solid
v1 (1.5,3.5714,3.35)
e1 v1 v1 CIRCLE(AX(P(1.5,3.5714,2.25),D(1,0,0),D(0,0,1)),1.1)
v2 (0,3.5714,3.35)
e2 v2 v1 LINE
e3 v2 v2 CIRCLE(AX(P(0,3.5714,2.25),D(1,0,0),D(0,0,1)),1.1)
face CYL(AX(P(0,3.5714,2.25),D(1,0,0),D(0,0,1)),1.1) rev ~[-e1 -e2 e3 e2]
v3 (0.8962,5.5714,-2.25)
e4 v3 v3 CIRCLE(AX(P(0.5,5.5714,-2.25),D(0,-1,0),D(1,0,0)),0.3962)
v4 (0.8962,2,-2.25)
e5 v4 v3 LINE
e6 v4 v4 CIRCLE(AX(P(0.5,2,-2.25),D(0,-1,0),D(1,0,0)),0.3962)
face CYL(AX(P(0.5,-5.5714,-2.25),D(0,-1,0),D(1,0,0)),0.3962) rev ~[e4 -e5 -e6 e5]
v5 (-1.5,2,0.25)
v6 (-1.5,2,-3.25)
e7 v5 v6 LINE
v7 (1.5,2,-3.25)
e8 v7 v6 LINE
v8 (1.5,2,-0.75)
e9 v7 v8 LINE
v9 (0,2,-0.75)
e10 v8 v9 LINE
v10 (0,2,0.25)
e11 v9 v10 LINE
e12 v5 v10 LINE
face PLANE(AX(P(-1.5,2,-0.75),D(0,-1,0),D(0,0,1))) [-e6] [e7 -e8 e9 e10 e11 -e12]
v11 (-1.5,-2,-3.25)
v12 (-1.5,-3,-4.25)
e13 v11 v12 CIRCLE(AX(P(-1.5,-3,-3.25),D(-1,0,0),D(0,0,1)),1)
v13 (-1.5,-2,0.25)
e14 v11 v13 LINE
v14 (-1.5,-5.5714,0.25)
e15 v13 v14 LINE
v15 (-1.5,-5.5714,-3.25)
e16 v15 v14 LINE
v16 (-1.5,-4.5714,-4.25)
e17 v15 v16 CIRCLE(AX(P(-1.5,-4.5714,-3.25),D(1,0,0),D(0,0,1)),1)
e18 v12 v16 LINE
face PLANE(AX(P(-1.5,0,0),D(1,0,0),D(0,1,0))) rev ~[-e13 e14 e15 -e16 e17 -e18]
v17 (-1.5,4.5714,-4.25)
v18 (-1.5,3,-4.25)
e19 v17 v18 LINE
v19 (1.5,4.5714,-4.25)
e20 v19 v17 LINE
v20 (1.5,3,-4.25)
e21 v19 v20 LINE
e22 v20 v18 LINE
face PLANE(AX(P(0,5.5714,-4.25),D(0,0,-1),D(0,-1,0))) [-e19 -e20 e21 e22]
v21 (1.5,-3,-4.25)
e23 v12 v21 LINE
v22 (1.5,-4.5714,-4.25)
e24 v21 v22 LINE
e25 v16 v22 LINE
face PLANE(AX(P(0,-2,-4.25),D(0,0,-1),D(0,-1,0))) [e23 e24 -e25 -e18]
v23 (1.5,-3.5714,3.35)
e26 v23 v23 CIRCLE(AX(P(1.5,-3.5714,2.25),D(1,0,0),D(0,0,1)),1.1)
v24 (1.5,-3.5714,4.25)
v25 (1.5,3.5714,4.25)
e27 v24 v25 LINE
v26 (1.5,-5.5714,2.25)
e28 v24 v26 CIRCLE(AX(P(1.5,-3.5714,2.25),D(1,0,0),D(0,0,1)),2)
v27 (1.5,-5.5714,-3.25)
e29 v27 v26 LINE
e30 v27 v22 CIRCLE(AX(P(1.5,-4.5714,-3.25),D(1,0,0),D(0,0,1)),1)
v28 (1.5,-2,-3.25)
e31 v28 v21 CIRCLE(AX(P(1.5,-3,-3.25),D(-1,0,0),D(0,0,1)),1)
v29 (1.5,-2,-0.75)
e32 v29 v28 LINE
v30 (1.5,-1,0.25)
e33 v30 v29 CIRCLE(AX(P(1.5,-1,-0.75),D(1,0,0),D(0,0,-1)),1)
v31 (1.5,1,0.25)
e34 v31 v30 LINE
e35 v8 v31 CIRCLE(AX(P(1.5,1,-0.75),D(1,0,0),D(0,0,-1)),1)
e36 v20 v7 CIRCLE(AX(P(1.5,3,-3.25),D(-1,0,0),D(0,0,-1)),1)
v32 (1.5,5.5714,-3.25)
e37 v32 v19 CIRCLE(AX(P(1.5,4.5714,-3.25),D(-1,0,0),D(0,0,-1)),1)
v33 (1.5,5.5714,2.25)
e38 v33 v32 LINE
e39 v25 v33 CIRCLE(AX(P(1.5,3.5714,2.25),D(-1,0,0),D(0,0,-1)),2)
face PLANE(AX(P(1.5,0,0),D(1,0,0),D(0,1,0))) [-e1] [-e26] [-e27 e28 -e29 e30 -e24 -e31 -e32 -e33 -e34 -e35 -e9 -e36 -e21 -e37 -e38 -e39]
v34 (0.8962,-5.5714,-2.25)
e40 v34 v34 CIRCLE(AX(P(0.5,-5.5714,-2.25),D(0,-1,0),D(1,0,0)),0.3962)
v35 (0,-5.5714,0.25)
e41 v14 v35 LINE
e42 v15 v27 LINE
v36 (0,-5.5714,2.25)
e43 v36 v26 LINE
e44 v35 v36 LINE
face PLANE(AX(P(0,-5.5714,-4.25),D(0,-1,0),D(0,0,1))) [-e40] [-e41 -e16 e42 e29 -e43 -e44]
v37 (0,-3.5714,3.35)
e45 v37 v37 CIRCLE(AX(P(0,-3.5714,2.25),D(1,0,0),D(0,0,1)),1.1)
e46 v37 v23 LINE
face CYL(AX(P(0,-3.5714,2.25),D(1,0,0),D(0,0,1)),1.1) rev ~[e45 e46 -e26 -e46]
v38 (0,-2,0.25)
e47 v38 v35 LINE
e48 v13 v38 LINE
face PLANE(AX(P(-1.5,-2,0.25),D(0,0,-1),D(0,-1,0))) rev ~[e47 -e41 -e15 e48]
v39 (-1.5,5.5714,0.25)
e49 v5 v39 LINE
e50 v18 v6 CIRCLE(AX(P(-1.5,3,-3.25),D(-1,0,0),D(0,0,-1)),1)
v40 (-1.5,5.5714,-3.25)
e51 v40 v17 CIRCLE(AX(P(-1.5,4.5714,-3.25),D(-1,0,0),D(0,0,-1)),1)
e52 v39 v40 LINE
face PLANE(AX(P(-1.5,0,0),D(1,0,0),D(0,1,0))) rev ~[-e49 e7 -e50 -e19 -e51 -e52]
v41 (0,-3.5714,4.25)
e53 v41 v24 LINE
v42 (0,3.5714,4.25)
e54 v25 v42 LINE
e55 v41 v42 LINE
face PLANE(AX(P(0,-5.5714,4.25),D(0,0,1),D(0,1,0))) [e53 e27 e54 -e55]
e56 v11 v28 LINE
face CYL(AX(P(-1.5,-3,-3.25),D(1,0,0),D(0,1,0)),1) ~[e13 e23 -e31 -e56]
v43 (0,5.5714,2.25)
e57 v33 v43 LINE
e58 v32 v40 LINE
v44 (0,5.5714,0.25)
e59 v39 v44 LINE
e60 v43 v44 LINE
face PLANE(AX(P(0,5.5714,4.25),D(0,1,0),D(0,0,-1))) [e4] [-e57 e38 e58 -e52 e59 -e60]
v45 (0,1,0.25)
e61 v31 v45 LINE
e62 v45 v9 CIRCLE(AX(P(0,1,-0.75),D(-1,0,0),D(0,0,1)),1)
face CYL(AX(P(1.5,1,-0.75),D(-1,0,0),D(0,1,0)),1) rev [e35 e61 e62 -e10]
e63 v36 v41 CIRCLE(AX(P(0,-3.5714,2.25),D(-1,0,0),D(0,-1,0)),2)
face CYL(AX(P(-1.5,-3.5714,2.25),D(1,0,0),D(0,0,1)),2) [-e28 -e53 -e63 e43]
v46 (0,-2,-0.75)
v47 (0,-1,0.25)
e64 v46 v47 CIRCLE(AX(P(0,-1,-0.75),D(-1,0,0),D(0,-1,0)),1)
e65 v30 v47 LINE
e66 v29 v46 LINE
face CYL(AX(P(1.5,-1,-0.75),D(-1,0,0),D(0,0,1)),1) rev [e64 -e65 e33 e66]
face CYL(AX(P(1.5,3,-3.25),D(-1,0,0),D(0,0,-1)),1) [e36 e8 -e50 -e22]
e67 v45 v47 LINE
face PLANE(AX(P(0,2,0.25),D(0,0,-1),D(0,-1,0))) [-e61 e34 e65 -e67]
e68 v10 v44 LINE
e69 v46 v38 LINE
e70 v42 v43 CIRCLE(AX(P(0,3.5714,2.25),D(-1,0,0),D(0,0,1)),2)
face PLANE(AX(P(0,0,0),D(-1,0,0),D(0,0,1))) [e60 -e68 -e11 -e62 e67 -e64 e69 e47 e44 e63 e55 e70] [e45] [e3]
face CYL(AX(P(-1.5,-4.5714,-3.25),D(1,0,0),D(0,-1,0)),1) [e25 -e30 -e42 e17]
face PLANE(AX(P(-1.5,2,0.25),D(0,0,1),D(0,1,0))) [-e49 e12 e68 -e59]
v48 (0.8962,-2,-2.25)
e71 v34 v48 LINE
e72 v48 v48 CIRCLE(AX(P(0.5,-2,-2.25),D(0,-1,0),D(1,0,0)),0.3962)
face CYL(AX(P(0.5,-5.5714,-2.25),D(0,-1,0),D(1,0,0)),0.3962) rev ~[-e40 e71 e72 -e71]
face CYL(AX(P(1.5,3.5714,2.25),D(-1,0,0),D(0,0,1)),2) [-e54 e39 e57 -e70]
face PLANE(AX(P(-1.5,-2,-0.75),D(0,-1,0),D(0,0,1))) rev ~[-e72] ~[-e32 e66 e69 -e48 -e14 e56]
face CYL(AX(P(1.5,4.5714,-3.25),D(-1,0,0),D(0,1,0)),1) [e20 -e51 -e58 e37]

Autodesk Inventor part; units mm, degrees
ref_plane "YZ Plane" through (0, 0, 0) normal (1, 0, 0) x (0, 1, 0)
ref_plane "XZ Plane" through (0, 0, 0) normal (0, 1, 0) x (-1, 0, 0)
ref_plane "XY Plane" through (0, 0, 0) normal (0, 0, 1) x (1, 0, 0)
sketch "Sketch1" plane through (0, 0, 0) normal (1, 0, 0) x (0, 1, 0)
  line L0 (-5.5714, 4.25) -> (5.5714, 4.25)
  line L1 (5.5714, 4.25) -> (5.5714, -4.25)
  line L2 (5.5714, -4.25) -> (-5.5714, -4.25)
  line L3 (-5.5714, -4.25) -> (-5.5714, 4.25)
  line L4 (-5.5714, 0.25) -> (5.5714, 0.25) construction
  circle A0 centre (-3.5714, 2.25) radius 2 construction
  line L5 (-2, -4.25) -> (2, -4.25)
  line L6 (2, -4.25) -> (2, 0.25)
  line L7 (2, 0.25) -> (-2, 0.25)
  line L8 (-2, 0.25) -> (-2, -4.25)
  circle A1 centre (3.5714, 2.25) radius 2 construction
  circle A2 centre (0, 36.35) radius 39 construction
  line L9 (-5.5714, -2.25) -> (5.5714, -2.25) construction
  point P0 (0, 0)
  point P1 (-5.5714, 0)
  point P2 (0, -4.25)
  dimension "d0" = 4
  dimension "d1" = 4.5
  dimension "d2" = 11.1427
  dimension "d15" = 4
  dimension "d34" = 78
  dimension "d35" = 38.6
  dimension "d36" = 4.5
extrude "Extrusion1" add sketch "Sketch1" along normal mid plane 3 contours L0 L1 L2 L6 L7 L8 L3
sketch "Sketch4" plane through (-1.5, -5.5714, -4.25) normal (0, -1, 0) x (1, 0, 0)
  line L0 (0, 8.5) -> (3, 8.5) projected
  line L1 (0, 0) -> (0, 8.5) projected
  line L2 (3, 0) -> (0, 0) projected
  line L3 (3, 8.5) -> (3, 0) projected
  circle A0 centre (2, 2) radius 0.3962
  point P0 (1.5, 4.25)
  dimension "d16" = 0.7925
  dimension "d24" = 2
  dimension "d25" = 6.5
extrude "Extrusion3" cut sketch "Sketch4" against normal through all contours A0
fillet "Fillet1" radius 1 6 edges at (0, 2, 0.25) (0, -2, 0.25) (0, 2, -4.25) (0, -2, -4.25) (0, 5.5714, -4.25) (0, -5.5714, -4.25)
fillet "Fillet1" radius 2 2 edges at (0, 5.5714, 4.25) (0, -5.5714, 4.25)
sketch "Sketch5" plane through (-1.5, 0, 0) normal (-1, 0, 0) x (0, 0, 1)
  line L0 (-0.75, -2) -> (-3.25, -2) projected
  line L1 (-4.25, -3) -> (-4.25, -4.5714) projected
  line L2 (-3.25, -5.5714) -> (2.25, -5.5714) projected
  line L3 (4.25, -3.5714) -> (4.25, 3.5714) projected
  line L4 (2.25, 5.5714) -> (-3.25, 5.5714) projected
  line L5 (-4.25, 4.5714) -> (-4.25, 3) projected
  line L6 (-3.25, 2) -> (-0.75, 2) projected
  arc A0 (0.25, 1) -> (-0.75, 2) centre (-0.75, 1) ccw projected
  line L7 (0.25, 1) -> (0.25, -1) projected
  arc A1 (-0.75, -2) -> (0.25, -1) centre (-0.75, -1) ccw projected
  line L8 (-0.75, -2) -> (-3.25, -2) projected
  line L9 (-0.75, -2) -> (0.25, -2)
  arc A2 (-0.75, -2) -> (0.25, -1) centre (-0.75, -1) ccw projected
  line L10 (0.25, -2) -> (0.25, -5.5714)
  line L11 (-0.75, 2) -> (0.25, 2)
  line L12 (0.25, 2) -> (0.25, 5.5714)
  line L13 (2.25, 5.5714) -> (-3.25, 5.5714) projected
  line L14 (0.25, 1) -> (0.25, -1) projected
  arc A3 (4.25, 3.5714) -> (2.25, 5.5714) centre (2.25, 3.5714) ccw projected
  arc A4 (2.25, -5.5714) -> (4.25, -3.5714) centre (2.25, -3.5714) ccw projected
  arc A5 (-3.25, 5.5714) -> (-4.25, 4.5714) centre (-3.25, 4.5714) ccw projected
  arc A6 (-4.25, 3) -> (-3.25, 2) centre (-3.25, 3) ccw projected
  arc A7 (-3.25, -2) -> (-4.25, -3) centre (-3.25, -3) ccw projected
  arc A8 (-4.25, -4.5714) -> (-3.25, -5.5714) centre (-3.25, -4.5714) ccw projected
  point P0 (0, 0)
  point P1 (4.25, 7)
  point P2 (-4.25, 7)
extrude "Extrusion4" cut sketch "Sketch5" against normal blind 1.5 contours A1 L7 A0 L11 L12 L4 A3 L3 A4 L2 L10 L9
hole "Hole2" at (0, -3.5714, 2.25) at (0, 3.5714, 2.25) direction (1, 0, 0) diameter 2.2 end through all clearance for "Flat Head Machine Screw" size "M2" standard "Ansi Metric M Profile"
properties part number "+XPanel_AntennaMount" material "Acetal Resin, Black"
